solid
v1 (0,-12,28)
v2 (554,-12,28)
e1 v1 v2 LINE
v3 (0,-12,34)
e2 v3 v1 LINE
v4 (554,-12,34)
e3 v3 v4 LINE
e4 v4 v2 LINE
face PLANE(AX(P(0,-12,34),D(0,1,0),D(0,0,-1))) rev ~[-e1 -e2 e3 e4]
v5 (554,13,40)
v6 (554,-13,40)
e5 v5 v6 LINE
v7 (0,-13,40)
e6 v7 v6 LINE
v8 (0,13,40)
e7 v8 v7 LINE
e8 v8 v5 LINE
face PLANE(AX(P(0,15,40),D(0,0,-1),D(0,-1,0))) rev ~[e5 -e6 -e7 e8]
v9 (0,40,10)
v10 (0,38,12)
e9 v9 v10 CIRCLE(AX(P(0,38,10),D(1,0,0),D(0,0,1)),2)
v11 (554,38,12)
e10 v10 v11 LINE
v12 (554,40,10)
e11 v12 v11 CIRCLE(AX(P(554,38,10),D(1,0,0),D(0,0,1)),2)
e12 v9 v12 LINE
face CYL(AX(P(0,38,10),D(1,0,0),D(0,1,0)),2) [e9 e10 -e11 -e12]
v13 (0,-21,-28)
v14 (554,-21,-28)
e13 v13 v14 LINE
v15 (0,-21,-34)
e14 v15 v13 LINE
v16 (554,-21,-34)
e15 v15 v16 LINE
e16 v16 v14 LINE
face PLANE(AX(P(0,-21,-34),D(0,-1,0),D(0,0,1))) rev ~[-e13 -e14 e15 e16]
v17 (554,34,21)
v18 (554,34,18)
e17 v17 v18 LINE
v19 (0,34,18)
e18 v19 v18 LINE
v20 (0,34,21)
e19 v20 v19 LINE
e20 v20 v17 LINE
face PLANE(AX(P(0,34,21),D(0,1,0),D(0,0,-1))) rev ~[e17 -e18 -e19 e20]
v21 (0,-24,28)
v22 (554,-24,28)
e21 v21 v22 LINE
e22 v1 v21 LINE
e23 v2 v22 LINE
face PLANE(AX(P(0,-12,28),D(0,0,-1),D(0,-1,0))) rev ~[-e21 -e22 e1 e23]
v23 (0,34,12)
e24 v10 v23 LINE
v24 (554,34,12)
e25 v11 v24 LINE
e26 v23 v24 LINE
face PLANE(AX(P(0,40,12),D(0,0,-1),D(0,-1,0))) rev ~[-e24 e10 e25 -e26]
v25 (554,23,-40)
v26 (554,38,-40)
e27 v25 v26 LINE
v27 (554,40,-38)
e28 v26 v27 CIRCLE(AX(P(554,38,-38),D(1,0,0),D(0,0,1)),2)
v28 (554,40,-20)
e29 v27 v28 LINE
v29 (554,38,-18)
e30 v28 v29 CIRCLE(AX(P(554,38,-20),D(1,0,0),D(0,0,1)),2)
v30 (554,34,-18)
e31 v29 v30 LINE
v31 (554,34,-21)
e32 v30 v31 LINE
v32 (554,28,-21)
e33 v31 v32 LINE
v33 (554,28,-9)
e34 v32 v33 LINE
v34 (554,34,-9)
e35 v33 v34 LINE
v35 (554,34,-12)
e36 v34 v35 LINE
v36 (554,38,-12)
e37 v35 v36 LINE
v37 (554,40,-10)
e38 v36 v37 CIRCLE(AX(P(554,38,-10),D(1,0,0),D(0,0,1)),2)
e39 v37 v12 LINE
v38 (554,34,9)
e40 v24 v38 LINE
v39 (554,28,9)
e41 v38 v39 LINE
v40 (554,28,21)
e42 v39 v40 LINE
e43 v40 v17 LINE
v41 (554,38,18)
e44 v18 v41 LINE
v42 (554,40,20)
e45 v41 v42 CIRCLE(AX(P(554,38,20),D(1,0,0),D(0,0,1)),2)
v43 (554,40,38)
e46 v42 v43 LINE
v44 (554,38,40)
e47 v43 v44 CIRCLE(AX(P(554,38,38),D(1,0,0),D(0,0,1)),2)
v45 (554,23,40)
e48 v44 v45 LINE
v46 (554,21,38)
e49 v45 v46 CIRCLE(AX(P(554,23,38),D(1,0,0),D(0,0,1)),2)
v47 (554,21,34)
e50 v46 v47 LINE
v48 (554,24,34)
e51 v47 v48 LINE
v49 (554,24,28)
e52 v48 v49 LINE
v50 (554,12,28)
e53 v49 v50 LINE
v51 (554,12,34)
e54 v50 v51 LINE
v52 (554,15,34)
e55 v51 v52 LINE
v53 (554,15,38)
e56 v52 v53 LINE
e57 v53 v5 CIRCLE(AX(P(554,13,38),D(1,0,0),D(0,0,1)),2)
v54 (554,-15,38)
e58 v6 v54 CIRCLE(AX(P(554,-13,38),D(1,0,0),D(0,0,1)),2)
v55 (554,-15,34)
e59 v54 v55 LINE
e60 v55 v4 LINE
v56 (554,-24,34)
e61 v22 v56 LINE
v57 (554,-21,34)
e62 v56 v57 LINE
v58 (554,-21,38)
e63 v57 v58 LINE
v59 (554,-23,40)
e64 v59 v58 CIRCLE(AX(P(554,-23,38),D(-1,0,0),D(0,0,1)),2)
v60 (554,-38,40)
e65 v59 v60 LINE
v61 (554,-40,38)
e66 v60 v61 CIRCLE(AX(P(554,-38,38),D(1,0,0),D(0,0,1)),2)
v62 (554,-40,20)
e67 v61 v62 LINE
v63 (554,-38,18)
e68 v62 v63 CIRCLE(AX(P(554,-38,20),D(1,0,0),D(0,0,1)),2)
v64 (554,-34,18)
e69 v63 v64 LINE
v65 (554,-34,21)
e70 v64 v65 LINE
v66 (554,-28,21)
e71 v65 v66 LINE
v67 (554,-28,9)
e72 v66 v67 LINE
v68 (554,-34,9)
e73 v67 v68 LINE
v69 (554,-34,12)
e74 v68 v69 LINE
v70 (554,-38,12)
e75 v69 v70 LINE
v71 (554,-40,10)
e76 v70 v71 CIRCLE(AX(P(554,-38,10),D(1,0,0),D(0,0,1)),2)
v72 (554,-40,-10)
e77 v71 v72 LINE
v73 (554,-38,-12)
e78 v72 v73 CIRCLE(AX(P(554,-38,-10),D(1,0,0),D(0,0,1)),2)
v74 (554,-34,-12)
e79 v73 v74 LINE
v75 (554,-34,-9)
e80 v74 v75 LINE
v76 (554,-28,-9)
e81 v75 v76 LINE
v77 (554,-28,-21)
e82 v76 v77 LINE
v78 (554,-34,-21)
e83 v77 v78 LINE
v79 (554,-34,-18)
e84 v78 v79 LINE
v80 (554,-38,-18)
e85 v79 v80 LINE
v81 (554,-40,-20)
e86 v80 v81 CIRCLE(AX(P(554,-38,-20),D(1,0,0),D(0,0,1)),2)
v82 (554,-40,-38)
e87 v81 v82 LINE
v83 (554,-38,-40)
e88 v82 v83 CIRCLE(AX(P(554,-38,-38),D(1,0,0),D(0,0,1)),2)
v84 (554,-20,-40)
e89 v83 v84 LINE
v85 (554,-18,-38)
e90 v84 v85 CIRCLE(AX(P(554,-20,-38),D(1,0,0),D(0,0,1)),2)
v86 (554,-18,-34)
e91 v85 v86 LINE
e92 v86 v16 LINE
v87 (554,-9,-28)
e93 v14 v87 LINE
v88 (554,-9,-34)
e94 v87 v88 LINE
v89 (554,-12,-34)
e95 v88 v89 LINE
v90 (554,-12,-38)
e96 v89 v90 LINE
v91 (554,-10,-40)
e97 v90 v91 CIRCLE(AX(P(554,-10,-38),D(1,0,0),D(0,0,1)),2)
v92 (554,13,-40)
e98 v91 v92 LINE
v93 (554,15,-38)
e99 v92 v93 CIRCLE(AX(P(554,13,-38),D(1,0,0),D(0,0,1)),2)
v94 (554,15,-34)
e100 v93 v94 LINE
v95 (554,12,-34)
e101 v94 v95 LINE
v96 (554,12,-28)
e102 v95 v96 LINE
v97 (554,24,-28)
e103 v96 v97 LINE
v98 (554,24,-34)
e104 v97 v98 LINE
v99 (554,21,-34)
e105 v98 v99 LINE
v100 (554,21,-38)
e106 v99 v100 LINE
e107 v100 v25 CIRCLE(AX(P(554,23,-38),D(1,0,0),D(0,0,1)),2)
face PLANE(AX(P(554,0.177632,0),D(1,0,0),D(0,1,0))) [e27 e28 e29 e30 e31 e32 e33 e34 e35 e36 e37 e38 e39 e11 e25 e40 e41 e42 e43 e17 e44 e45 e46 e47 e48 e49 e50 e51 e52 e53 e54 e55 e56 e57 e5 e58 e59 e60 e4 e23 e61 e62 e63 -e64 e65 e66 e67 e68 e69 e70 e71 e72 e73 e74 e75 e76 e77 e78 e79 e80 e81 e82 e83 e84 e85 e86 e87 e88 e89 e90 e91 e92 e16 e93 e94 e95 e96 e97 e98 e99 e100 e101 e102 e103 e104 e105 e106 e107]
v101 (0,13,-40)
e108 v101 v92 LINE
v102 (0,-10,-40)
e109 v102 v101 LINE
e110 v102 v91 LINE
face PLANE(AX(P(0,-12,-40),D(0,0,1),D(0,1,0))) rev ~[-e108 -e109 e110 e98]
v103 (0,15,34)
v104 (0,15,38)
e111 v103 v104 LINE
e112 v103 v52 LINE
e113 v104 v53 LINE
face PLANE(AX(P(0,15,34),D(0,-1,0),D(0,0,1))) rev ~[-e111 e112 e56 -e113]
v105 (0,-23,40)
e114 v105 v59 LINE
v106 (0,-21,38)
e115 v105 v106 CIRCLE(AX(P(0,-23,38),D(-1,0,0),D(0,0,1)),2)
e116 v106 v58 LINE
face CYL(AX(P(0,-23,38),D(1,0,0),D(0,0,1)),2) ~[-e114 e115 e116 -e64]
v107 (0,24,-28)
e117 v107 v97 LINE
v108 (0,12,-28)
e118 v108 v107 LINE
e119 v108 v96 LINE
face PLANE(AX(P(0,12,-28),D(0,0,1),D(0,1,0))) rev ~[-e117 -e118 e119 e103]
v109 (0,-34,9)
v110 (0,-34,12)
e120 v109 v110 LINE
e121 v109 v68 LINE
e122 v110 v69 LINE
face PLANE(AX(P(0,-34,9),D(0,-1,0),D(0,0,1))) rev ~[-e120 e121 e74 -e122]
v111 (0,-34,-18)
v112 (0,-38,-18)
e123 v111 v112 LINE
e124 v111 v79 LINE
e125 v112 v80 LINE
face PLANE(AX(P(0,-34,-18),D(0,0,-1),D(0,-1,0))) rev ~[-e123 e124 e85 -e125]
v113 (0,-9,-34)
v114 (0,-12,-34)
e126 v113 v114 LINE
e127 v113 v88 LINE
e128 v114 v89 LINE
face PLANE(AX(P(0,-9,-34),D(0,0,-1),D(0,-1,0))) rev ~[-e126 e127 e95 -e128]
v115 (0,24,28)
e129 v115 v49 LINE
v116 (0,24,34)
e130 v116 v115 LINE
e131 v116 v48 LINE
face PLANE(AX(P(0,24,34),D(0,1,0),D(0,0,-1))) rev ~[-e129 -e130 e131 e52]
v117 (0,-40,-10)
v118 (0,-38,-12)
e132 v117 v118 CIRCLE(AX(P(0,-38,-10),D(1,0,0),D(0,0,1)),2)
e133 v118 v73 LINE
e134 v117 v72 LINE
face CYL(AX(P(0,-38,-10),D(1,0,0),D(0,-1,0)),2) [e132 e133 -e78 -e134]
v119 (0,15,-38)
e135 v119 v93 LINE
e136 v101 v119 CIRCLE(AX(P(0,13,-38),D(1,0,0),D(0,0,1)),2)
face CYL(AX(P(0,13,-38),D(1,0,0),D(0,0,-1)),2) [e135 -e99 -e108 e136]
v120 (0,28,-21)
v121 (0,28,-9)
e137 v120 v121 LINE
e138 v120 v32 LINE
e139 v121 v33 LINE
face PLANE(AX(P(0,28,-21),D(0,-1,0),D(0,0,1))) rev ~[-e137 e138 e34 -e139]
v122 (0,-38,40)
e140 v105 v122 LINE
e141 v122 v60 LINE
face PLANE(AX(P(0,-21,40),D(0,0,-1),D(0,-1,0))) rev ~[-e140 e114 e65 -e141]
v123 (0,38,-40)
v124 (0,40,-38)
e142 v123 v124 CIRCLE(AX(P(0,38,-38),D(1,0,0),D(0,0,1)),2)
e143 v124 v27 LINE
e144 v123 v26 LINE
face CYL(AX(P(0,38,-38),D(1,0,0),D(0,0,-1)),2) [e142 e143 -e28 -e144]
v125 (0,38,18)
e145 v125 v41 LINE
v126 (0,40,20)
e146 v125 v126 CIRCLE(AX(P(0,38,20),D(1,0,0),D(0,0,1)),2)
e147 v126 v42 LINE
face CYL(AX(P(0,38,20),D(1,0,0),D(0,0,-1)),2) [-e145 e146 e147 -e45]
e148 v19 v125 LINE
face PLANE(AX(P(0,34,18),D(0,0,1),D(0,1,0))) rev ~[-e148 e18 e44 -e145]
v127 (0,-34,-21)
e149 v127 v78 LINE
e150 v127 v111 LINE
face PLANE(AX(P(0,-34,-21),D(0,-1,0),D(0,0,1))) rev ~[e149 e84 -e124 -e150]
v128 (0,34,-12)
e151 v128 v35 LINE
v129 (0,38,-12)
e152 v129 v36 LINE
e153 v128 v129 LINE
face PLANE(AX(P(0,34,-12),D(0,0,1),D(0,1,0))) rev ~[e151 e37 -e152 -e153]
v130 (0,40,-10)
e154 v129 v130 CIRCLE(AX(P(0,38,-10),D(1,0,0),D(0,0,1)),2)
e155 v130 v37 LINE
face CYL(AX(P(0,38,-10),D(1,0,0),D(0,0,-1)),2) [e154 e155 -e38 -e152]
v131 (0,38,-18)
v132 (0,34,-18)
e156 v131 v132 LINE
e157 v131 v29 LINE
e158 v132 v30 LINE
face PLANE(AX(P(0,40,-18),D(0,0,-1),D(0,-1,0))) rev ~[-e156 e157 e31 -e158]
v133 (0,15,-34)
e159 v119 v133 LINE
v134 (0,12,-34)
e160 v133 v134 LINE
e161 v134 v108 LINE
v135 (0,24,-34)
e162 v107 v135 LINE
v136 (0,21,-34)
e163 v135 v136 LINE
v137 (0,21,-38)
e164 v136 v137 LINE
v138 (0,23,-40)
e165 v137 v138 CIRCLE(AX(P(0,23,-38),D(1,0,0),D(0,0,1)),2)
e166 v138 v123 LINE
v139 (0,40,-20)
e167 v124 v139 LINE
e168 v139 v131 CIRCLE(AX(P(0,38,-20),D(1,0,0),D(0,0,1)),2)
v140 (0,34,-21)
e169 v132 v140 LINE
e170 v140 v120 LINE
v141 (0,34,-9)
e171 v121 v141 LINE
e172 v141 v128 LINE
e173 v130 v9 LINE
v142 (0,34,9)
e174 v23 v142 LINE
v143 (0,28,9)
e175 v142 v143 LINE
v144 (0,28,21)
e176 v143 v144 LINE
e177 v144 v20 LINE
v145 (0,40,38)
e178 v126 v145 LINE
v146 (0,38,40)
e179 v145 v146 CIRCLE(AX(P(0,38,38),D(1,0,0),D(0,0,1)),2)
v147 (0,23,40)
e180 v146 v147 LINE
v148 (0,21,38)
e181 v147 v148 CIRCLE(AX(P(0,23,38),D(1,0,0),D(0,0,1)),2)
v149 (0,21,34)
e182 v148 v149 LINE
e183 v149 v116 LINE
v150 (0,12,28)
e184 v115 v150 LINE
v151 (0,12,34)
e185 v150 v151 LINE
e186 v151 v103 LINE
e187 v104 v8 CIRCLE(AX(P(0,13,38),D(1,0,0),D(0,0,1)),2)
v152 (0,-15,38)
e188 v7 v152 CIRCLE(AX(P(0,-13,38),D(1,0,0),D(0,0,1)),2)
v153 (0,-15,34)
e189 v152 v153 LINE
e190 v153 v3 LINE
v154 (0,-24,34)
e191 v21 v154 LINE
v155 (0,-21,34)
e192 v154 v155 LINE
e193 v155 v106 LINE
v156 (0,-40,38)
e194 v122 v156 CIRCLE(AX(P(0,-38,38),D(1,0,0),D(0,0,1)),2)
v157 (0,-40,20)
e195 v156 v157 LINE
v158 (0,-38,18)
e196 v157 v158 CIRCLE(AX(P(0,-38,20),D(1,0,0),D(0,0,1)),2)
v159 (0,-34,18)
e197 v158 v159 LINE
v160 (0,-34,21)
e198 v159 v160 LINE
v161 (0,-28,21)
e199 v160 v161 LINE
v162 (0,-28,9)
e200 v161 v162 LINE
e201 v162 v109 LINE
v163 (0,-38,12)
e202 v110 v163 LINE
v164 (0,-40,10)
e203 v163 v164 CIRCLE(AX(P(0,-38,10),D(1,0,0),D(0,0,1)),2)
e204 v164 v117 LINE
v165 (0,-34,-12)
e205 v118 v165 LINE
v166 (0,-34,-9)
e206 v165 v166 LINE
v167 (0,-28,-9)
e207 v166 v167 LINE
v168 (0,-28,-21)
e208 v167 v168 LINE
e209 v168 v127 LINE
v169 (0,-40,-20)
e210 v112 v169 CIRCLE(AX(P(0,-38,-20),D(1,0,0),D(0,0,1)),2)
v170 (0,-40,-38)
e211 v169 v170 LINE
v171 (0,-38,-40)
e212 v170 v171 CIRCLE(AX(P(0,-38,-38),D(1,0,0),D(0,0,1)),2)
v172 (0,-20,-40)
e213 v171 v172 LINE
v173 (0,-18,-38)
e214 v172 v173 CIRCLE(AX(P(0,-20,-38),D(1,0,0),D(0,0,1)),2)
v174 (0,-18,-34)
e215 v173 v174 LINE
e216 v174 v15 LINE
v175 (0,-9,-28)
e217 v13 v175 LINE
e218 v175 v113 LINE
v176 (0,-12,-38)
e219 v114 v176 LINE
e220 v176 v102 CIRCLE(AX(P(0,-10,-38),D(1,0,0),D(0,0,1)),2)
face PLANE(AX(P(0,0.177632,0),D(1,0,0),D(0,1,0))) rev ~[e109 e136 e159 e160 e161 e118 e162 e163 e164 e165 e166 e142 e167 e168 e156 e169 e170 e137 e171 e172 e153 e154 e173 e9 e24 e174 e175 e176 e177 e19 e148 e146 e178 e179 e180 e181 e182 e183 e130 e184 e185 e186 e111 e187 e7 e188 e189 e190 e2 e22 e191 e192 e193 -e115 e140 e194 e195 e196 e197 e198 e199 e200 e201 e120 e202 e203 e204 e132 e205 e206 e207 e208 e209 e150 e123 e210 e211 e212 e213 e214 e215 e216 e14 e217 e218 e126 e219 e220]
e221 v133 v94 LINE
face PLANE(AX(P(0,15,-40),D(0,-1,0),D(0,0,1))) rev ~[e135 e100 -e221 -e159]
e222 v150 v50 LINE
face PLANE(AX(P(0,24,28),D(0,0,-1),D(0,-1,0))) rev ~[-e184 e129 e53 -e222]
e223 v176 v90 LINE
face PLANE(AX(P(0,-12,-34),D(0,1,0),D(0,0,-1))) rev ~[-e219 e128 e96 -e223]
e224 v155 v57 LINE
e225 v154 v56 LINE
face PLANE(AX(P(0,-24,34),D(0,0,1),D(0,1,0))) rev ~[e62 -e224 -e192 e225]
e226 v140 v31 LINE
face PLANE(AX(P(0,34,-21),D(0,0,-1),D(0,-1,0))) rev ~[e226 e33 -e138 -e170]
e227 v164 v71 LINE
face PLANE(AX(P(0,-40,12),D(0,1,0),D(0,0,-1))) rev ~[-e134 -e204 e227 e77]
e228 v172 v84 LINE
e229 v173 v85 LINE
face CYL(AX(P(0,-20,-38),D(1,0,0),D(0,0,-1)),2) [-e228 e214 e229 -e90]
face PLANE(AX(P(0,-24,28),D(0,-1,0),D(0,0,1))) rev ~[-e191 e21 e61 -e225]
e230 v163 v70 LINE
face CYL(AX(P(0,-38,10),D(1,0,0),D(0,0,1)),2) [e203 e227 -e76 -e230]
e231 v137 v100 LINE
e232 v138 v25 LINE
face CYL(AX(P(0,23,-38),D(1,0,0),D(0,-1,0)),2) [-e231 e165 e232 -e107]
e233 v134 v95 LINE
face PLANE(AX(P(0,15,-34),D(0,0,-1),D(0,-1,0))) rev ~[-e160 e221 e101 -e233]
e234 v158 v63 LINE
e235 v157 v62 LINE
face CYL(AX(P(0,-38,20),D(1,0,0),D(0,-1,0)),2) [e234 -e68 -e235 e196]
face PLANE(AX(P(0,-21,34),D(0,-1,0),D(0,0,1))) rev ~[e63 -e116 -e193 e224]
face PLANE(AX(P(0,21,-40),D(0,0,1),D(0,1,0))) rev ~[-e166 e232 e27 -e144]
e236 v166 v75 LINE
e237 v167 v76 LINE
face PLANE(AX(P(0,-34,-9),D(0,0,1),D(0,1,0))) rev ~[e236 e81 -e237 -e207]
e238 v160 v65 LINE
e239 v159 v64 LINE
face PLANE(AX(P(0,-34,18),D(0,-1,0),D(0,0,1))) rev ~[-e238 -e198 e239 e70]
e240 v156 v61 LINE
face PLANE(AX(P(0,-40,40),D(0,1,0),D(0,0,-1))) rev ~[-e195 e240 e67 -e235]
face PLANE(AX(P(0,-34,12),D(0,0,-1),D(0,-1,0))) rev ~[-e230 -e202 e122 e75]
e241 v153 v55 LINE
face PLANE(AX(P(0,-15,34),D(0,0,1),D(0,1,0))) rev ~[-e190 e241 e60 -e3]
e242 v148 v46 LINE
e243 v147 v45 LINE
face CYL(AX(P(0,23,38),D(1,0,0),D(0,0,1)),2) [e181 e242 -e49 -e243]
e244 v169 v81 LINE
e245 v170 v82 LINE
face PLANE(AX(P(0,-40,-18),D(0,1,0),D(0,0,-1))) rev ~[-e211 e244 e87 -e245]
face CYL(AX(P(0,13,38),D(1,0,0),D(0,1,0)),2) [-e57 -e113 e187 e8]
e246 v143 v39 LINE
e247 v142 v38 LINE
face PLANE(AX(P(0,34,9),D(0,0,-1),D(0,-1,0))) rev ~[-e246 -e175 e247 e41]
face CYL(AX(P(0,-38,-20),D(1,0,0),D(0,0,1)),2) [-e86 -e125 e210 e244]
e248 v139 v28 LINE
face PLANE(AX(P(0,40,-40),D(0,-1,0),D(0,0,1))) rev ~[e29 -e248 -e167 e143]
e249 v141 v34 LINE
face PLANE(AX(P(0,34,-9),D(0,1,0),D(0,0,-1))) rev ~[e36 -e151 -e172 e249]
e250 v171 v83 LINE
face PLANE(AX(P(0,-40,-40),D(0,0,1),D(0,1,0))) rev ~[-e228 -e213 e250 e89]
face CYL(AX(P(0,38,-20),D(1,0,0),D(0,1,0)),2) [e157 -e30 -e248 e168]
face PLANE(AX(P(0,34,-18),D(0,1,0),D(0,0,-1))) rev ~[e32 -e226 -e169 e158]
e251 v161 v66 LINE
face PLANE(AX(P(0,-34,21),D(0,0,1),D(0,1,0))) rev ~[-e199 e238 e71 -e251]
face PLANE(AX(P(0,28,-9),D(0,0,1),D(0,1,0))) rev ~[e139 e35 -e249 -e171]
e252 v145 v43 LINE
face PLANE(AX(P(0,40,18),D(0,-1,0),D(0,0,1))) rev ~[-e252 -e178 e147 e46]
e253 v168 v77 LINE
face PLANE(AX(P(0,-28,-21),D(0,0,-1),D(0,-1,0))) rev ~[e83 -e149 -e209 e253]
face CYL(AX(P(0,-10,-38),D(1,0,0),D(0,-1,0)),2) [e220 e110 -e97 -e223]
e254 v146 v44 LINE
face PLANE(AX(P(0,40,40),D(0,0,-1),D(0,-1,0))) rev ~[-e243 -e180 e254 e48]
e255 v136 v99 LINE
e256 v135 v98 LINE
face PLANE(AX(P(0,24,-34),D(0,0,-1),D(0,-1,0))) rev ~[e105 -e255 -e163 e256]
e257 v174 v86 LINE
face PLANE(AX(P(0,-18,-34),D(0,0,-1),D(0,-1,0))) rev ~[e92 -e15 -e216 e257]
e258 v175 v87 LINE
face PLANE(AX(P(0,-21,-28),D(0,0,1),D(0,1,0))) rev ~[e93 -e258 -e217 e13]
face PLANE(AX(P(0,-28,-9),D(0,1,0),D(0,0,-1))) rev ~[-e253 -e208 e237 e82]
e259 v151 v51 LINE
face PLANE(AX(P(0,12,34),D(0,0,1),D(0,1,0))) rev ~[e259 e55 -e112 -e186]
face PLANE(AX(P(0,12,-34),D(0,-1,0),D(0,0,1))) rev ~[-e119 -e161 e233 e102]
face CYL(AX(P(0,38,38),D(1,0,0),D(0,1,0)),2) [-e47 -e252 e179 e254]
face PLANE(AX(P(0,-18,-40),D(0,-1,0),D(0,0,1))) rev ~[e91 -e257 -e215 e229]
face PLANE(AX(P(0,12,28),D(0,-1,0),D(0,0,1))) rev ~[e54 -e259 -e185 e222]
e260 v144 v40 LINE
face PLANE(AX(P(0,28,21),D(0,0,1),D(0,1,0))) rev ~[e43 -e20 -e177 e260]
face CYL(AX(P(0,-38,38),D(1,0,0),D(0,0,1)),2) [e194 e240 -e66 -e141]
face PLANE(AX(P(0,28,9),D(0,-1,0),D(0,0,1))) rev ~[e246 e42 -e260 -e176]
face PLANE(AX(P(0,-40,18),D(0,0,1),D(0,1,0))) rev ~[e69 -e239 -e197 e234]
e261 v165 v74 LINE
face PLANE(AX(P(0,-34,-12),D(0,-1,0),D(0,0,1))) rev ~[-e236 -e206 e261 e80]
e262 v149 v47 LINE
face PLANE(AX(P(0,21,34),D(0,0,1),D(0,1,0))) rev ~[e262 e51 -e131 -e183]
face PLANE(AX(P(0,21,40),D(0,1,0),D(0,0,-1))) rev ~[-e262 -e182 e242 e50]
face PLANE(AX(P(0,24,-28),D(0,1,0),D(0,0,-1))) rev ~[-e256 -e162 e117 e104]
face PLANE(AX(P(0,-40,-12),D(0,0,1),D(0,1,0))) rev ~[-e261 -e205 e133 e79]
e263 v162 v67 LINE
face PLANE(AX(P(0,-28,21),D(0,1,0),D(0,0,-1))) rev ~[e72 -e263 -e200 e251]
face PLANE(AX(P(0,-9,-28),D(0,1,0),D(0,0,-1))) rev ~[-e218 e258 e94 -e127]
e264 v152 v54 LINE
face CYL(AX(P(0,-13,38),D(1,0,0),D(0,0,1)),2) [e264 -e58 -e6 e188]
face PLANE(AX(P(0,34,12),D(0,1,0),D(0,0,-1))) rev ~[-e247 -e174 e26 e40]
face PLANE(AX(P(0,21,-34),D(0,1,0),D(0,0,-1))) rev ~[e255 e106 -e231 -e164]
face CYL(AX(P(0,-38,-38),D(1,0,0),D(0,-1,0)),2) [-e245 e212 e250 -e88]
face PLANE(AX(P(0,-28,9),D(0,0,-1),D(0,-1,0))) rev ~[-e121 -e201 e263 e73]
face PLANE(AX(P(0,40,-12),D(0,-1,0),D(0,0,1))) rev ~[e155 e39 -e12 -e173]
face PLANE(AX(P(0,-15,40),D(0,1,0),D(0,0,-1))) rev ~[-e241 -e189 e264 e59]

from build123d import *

# Parameters (mm, degrees)
F1_DEPTH = 554
F2_R     = 2


with BuildPart() as f1:
    # F0 (on Right) → F1 (new body)
    with BuildSketch(Plane.YZ):
        Polygon((-21, 40), (-40, 40), (-40, 18), (-34, 18), (-34, 21), (-28, 21), (-28, 9), (-34, 9), (-34, 12), (-40, 12), (-40, -12), (-34, -12), (-34, -9), (-28, -9), (-28, -21), (-34, -21), (-34, -18), (-40, -18), (-40, -40), (-18, -40), (-18, -34), (-21, -34), (-21, -28), (-9, -28), (-9, -34), (-12, -34), (-12, -40), (15, -40), (15, -34), (12, -34), (12, -28), (24, -28), (24, -34), (21, -34), (21, -40), (40, -40), (40, -18), (34, -18), (34, -21), (28, -21), (28, -9), (34, -9), (34, -12), (40, -12), (40, 12), (34, 12), (34, 9), (28, 9), (28, 21), (34, 21), (34, 18), (40, 18), (40, 40), (21, 40), (21, 34), (24, 34), (24, 28), (12, 28), (12, 34), (15, 34), (15, 40), (-15, 40), (-15, 34), (-12, 34), (-12, 28), (-24, 28), (-24, 34), (-21, 34), align=None)
    extrude(amount=F1_DEPTH)

    # F2
    f2_edges = [f1.edges().sort_by_distance(p)[0] for p in [
        (277, 40, 40),
        (277, 40, -40),
        (277, -40, 40),
        (277, -40, -40),
        (277, -40, -18),
        (277, -40, -12),
        (277, -40, 12),
        (277, -40, 18),
        (277, 21, 40),
        (277, 15, 40),
        (277, -15, 40),
        (277, -21, 40),
        (277, 40, 18),
        (277, 40, 12),
        (277, 40, -12),
        (277, 40, -18),
        (277, 21, -40),
        (277, 15, -40),
        (277, -12, -40),
        (277, -18, -40),
    ]]
    fillet(f2_edges, radius=F2_R)


solid = f1.part
